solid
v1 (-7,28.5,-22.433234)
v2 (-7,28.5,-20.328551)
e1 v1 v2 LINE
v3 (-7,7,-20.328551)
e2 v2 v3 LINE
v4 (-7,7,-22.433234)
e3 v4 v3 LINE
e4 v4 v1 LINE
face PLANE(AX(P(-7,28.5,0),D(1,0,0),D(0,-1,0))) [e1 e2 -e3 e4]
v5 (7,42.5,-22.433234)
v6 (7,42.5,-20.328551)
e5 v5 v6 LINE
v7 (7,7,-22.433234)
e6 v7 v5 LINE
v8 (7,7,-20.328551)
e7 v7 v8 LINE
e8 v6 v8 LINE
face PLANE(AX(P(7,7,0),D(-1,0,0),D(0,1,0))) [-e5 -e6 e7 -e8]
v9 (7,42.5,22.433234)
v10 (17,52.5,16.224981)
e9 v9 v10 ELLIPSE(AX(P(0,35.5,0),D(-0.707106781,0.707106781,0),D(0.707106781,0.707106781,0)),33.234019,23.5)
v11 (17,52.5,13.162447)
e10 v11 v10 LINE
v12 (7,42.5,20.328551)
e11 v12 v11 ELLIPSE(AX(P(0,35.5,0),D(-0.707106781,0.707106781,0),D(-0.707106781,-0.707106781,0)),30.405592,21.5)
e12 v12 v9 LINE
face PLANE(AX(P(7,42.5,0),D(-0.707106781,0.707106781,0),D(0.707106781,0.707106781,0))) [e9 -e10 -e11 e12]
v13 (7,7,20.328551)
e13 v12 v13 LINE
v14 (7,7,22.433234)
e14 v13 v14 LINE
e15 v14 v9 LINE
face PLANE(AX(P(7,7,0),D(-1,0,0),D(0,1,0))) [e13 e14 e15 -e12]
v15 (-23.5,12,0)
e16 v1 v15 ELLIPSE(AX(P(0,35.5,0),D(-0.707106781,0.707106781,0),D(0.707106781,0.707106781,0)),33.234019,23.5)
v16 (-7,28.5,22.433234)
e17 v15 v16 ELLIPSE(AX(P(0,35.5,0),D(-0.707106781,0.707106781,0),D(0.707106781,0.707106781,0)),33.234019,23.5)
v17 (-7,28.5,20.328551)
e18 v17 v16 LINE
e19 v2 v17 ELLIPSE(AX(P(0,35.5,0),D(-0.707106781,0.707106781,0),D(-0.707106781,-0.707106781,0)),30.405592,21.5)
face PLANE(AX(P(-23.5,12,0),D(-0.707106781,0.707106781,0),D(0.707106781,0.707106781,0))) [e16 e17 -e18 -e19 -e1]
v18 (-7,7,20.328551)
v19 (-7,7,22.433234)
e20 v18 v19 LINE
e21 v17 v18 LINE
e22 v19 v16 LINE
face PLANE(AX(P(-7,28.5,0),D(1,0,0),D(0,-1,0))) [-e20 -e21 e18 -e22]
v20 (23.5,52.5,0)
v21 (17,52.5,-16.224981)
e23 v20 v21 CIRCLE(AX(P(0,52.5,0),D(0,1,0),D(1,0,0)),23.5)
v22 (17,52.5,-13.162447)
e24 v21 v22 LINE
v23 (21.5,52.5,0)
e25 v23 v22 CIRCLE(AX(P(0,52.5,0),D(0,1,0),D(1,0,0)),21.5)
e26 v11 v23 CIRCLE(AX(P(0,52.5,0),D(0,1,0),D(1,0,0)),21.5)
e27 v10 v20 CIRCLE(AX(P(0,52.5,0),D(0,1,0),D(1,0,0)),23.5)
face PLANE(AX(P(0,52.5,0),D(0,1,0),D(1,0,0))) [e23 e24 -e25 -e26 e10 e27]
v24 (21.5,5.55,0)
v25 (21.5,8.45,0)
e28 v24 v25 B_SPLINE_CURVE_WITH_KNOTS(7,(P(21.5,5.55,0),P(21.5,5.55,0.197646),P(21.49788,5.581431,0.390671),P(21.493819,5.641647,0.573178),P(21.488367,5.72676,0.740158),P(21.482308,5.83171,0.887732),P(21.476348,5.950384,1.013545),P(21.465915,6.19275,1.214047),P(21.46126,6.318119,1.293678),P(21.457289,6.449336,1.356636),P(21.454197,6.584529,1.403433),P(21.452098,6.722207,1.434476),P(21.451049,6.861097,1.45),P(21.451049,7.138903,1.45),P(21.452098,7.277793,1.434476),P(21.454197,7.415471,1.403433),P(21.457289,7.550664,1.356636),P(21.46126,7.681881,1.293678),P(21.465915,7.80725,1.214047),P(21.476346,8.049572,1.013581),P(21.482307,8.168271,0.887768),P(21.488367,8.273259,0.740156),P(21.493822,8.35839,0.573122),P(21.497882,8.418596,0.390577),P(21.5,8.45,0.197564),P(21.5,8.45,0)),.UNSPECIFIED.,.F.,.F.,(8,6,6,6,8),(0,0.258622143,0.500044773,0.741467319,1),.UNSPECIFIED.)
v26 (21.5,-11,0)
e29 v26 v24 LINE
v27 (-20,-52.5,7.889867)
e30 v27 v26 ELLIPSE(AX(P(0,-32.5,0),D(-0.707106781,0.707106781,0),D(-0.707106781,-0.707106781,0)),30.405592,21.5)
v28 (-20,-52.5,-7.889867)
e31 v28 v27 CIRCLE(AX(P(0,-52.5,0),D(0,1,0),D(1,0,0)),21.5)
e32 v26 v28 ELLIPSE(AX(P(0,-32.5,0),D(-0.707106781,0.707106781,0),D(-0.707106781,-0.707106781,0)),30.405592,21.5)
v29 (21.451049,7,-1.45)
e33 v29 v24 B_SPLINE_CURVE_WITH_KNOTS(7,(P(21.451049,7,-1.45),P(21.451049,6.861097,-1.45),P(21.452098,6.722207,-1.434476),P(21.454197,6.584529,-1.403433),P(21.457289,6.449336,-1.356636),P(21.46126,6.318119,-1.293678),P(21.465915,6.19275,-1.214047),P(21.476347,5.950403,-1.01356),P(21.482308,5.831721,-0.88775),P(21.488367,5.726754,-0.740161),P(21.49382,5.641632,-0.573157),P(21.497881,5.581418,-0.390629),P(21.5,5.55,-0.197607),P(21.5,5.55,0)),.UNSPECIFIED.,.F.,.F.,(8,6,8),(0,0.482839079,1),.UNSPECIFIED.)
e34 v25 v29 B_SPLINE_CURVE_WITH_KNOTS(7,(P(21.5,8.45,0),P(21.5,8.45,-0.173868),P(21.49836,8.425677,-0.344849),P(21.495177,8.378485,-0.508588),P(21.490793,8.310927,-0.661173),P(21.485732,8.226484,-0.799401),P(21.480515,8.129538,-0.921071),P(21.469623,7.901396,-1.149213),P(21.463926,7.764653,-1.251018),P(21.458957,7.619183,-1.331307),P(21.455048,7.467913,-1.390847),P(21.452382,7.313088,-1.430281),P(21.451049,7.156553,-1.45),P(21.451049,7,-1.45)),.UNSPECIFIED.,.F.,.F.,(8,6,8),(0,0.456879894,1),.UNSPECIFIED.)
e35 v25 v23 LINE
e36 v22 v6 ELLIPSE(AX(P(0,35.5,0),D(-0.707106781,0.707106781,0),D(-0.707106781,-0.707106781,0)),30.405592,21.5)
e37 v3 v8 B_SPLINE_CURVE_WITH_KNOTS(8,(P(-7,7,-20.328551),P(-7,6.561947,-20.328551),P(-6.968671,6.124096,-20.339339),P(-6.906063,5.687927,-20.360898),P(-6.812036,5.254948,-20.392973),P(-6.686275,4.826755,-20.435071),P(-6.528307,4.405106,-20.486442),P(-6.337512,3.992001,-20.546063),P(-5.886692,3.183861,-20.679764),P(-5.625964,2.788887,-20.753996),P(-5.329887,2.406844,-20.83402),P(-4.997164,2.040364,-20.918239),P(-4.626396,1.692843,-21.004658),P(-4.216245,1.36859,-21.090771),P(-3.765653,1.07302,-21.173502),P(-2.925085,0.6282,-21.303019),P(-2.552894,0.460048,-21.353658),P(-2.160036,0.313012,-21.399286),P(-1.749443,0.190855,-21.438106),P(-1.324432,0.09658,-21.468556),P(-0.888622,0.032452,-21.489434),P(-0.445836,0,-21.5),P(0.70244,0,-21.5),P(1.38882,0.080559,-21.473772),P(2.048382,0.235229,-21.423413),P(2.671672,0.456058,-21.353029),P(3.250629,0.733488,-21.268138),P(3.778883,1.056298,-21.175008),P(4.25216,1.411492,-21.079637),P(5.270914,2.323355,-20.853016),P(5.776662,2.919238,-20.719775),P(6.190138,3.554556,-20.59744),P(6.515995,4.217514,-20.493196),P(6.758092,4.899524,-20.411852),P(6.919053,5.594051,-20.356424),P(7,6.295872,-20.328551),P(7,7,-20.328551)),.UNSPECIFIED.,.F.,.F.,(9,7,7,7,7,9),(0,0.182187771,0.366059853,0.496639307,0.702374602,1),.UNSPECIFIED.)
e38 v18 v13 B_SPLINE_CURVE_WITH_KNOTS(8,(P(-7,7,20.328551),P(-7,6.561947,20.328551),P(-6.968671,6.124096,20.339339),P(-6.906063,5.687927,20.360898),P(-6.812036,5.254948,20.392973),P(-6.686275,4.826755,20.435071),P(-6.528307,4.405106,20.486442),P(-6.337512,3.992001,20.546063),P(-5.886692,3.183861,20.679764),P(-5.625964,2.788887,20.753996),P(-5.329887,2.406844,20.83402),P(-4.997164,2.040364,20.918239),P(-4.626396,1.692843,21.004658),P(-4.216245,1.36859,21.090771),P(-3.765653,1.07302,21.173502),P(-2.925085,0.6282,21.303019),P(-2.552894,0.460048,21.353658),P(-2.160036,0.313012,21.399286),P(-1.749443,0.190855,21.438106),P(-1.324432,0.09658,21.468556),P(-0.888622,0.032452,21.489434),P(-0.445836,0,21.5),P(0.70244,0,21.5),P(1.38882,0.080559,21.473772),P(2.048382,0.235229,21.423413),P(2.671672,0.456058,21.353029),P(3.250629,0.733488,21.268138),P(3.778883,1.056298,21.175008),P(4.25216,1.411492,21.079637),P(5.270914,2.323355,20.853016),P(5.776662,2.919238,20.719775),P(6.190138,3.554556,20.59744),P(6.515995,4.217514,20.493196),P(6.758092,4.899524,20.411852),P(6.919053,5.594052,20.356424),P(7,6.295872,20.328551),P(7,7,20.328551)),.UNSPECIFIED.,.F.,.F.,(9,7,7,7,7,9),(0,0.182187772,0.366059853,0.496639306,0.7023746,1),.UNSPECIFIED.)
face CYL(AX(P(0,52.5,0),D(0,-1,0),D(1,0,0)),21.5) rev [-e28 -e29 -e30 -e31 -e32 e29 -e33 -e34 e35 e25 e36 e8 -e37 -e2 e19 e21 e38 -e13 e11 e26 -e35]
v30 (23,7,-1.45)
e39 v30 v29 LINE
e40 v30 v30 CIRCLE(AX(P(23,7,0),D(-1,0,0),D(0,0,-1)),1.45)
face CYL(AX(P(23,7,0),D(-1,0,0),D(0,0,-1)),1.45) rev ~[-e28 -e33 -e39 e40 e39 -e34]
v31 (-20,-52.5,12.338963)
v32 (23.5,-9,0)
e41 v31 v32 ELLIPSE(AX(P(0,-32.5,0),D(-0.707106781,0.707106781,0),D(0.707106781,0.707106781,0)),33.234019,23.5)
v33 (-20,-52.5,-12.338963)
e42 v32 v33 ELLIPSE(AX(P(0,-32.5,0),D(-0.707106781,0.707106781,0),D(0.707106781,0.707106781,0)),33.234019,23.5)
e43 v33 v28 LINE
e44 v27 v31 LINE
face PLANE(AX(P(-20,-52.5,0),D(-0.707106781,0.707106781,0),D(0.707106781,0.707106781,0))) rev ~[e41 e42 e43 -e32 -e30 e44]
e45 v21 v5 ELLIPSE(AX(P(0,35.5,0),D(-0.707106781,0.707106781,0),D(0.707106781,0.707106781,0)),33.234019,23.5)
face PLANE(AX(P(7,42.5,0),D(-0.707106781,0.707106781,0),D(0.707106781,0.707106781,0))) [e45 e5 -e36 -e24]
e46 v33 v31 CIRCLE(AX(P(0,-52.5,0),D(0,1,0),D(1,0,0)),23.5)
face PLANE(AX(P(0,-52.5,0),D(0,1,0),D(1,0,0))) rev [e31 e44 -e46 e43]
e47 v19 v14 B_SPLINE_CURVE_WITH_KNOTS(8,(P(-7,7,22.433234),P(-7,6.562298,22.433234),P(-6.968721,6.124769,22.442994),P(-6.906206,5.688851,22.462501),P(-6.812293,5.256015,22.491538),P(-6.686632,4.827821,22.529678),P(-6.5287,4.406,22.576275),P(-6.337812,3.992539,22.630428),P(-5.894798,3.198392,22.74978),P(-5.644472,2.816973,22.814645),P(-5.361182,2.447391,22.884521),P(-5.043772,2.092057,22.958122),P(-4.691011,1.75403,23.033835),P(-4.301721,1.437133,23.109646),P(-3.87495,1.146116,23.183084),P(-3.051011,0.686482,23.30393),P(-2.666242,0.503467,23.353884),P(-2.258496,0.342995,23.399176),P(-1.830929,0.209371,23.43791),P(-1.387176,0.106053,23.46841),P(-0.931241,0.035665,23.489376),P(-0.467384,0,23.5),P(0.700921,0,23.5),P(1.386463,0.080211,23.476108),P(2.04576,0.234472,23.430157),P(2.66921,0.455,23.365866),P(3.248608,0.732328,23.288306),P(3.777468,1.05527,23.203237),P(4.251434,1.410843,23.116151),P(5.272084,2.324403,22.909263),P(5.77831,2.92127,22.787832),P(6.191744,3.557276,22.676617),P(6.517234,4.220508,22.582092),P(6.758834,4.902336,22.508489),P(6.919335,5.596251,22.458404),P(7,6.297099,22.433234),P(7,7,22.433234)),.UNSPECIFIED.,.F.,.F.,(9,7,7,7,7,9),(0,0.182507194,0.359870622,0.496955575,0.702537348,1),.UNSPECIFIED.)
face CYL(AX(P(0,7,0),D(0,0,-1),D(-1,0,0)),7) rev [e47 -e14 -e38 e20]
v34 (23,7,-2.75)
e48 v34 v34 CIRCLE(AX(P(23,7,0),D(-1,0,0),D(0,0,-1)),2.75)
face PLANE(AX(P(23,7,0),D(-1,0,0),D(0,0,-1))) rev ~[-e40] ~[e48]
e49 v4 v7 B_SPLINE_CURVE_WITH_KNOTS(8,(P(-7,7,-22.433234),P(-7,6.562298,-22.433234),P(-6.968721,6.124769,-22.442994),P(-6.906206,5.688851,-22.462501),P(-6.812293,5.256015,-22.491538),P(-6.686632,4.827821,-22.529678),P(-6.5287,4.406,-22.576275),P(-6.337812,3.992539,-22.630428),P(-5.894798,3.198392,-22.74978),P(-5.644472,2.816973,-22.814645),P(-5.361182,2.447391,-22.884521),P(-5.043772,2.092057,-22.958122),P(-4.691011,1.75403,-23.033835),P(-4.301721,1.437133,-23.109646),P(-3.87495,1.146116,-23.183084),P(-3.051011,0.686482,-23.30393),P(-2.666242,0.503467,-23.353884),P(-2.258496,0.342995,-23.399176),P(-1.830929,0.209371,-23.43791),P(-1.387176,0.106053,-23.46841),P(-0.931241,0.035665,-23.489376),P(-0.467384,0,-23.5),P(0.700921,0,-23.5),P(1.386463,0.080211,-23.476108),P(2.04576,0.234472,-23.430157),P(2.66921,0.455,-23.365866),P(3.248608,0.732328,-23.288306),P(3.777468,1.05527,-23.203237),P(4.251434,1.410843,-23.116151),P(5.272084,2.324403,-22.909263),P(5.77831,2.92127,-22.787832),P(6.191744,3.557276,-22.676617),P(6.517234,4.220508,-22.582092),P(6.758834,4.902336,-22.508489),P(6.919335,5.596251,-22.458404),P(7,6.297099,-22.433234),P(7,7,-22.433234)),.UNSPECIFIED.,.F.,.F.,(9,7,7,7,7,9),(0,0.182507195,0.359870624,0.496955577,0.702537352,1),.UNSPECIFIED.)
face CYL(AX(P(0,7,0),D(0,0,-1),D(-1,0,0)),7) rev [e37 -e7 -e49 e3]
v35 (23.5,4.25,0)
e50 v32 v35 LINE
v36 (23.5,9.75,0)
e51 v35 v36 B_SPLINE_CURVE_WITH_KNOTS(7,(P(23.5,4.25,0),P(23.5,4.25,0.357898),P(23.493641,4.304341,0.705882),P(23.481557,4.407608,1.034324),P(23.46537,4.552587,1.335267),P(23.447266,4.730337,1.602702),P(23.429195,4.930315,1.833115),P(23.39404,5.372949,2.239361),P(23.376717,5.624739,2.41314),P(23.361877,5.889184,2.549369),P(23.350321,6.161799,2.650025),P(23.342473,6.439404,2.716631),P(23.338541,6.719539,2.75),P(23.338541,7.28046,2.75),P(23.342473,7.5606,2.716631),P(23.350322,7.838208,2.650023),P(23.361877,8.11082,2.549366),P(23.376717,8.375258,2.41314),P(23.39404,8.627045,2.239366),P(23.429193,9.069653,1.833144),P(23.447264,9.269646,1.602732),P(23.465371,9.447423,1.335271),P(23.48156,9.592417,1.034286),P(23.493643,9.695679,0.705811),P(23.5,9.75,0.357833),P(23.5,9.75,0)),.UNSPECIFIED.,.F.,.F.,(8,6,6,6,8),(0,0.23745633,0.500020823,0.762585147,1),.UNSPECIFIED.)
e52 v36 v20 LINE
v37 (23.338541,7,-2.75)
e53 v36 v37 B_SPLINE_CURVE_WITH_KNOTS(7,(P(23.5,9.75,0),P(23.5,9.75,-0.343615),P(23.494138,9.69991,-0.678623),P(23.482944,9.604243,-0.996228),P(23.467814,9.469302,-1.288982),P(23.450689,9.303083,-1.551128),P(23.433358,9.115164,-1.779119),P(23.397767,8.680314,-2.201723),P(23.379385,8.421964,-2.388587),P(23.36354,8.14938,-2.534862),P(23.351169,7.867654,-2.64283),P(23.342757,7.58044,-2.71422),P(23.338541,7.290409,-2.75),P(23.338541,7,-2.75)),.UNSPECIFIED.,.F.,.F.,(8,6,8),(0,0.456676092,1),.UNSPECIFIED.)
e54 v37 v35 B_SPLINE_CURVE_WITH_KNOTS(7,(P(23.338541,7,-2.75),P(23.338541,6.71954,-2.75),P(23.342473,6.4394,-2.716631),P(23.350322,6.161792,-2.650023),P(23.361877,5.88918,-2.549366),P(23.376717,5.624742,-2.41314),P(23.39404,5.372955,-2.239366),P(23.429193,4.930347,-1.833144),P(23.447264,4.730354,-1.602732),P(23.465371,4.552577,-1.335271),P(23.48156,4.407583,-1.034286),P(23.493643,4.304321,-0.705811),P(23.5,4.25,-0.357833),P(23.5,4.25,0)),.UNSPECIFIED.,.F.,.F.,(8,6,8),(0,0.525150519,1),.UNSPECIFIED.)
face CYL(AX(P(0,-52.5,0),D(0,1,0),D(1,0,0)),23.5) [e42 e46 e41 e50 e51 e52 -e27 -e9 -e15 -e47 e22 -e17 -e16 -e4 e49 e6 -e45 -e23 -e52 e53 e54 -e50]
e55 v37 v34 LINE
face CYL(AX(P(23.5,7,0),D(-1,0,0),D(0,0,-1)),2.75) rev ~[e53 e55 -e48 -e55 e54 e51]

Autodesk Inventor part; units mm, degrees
ref_plane "XZ Plane" through (0, 0, 0) normal (0, 1, 0) x (-1, 0, 0)
ref_plane "XY Plane" through (0, 0, 0) normal (0, 0, 1) x (1, 0, 0)
sketch "Sketch1" plane through (0, 0, 0) normal (0, 0, 1) x (1, 0, 0)
  line L0 (-23.5, -52.5) -> (23.5, -52.5)
  line L1 (23.5, -52.5) -> (23.5, 52.5)
  line L2 (23.5, 52.5) -> (-23.5, 52.5)
  line L3 (-23.5, 52.5) -> (-23.5, -52.5)
  line L4 (-23.5, -52.5) -> (23.5, 52.5) construction
  line L5 (23.5, -52.5) -> (-23.5, 52.5) construction
  line L6 (-23.5, 12) -> (17, 52.5)
  line L7 (-20, -52.5) -> (23.5, -9)
  line L8 (21.5, 52.5) -> (21.5, -52.5)
  line L9 (-21.5, 52.5) -> (-21.5, -52.5)
  line L10 (0, 52.5) -> (0, 7) construction
  line L11 (-7, 52.5) -> (-7, 7)
  line L12 (7, 7) -> (7, 52.5)
  arc A0 (7, 52.5) -> (-7, 52.5) centre (0, 52.5) ccw
  arc A1 (-7, 7) -> (7, 7) centre (0, 7) ccw
  line L13 (0, 52.5) -> (0, -52.5)
  line L14 (0, -74.9) -> (0, 81.9) projected
  point P0 (0, 0)
  point P1 (0, 29.75)
  point P2 (7, 52.5)
  point P3 (-7, 52.5)
  point P4 (-7, 28.5)
  point P5 (7, 42.5)
  dimension "d0" = 2
  dimension "d1" = 2
  dimension "d2" = 47
  dimension "d3" = 14
  dimension "d4" = 105
  dimension "d5" = 52.5
  dimension "d6" = 20
  dimension "d7" = 45
  dimension "d9" = 17
revolve "Revolution1" add sketch "Sketch1" angle 360 about axis through (0, -10, 0) along (0, 1, 0) contours L8 L7 L1 L0 | L8 L2 L1 L7
extrude "Extrusion1" cut sketch "Sketch1" along normal through all both and the other way through all contours L3 L2 L9 L6 | L7 L13 L0 | L9 L2 L11 L6 | L13 L7 L8 L0 | L11 L2 L13 L6 | L6 L13 A1 L11 | L8 L7 L1 L0 | L13 L6 L12 A1 | L13 L2 L12 L6 | A0 L14 L2 | L12 L2 L6 | L14 A0 L2
ref_plane "Work Plane1" through (23.5, 0, 0) normal (1, 0, 0) x (0, 1, 0)
sketch "Sketch2" plane through (23.5, 0, 0) normal (1, 0, 0) x (0, 1, 0)
  arc A0 (52.5, -16.225) -> (42.5, 22.4332) centre (35.5, 0) ccw projected
  line L0 (42.5, 22.4332) -> (7, 22.4332) projected
  line L1 (7, 22.4332) -> (28.5, 22.4332) projected
  arc A1 (28.5, 22.4332) -> (28.5, -22.4332) centre (35.5, 0) ccw projected
  line L2 (28.5, -22.4332) -> (7, -22.4332) projected
  line L3 (7, -22.4332) -> (42.5, -22.4332) projected
  arc A2 (42.5, -22.4332) -> (52.5, 16.225) centre (35.5, 0) ccw projected
  line L4 (52.5, 16.225) -> (52.5, -16.225) projected
  arc A3 (-52.5, -12.339) -> (-52.5, 12.339) centre (-32.5, 0) ccw projected
  line L5 (-52.5, 12.339) -> (-52.5, -12.339) projected
  line L6 (52.5, -16.225) -> (52.5, 16.225) projected
  line L7 (52.5, 0) -> (-9, 0)
  arc A4 (-52.5, -12.339) -> (-52.5, 12.339) centre (-32.5, 0) ccw projected
  point P0 (0, 0)
  point P1 (12, 0)
  point P2 (7, 0)
  dimension "d20" = 5
hole "Hole1" at (23.5, 7, 0) direction (-1, 0, 0) diameter 2.9 depth 5 counterbore diameter 5.5 counterbore depth 0.5 clearance for "Socket Head Cap Screw DIN EN ISO 4762" size "M2.5" standard "DIN"
equation "\"d1\" = d0"
properties part number "Test_Blade_Guard"
